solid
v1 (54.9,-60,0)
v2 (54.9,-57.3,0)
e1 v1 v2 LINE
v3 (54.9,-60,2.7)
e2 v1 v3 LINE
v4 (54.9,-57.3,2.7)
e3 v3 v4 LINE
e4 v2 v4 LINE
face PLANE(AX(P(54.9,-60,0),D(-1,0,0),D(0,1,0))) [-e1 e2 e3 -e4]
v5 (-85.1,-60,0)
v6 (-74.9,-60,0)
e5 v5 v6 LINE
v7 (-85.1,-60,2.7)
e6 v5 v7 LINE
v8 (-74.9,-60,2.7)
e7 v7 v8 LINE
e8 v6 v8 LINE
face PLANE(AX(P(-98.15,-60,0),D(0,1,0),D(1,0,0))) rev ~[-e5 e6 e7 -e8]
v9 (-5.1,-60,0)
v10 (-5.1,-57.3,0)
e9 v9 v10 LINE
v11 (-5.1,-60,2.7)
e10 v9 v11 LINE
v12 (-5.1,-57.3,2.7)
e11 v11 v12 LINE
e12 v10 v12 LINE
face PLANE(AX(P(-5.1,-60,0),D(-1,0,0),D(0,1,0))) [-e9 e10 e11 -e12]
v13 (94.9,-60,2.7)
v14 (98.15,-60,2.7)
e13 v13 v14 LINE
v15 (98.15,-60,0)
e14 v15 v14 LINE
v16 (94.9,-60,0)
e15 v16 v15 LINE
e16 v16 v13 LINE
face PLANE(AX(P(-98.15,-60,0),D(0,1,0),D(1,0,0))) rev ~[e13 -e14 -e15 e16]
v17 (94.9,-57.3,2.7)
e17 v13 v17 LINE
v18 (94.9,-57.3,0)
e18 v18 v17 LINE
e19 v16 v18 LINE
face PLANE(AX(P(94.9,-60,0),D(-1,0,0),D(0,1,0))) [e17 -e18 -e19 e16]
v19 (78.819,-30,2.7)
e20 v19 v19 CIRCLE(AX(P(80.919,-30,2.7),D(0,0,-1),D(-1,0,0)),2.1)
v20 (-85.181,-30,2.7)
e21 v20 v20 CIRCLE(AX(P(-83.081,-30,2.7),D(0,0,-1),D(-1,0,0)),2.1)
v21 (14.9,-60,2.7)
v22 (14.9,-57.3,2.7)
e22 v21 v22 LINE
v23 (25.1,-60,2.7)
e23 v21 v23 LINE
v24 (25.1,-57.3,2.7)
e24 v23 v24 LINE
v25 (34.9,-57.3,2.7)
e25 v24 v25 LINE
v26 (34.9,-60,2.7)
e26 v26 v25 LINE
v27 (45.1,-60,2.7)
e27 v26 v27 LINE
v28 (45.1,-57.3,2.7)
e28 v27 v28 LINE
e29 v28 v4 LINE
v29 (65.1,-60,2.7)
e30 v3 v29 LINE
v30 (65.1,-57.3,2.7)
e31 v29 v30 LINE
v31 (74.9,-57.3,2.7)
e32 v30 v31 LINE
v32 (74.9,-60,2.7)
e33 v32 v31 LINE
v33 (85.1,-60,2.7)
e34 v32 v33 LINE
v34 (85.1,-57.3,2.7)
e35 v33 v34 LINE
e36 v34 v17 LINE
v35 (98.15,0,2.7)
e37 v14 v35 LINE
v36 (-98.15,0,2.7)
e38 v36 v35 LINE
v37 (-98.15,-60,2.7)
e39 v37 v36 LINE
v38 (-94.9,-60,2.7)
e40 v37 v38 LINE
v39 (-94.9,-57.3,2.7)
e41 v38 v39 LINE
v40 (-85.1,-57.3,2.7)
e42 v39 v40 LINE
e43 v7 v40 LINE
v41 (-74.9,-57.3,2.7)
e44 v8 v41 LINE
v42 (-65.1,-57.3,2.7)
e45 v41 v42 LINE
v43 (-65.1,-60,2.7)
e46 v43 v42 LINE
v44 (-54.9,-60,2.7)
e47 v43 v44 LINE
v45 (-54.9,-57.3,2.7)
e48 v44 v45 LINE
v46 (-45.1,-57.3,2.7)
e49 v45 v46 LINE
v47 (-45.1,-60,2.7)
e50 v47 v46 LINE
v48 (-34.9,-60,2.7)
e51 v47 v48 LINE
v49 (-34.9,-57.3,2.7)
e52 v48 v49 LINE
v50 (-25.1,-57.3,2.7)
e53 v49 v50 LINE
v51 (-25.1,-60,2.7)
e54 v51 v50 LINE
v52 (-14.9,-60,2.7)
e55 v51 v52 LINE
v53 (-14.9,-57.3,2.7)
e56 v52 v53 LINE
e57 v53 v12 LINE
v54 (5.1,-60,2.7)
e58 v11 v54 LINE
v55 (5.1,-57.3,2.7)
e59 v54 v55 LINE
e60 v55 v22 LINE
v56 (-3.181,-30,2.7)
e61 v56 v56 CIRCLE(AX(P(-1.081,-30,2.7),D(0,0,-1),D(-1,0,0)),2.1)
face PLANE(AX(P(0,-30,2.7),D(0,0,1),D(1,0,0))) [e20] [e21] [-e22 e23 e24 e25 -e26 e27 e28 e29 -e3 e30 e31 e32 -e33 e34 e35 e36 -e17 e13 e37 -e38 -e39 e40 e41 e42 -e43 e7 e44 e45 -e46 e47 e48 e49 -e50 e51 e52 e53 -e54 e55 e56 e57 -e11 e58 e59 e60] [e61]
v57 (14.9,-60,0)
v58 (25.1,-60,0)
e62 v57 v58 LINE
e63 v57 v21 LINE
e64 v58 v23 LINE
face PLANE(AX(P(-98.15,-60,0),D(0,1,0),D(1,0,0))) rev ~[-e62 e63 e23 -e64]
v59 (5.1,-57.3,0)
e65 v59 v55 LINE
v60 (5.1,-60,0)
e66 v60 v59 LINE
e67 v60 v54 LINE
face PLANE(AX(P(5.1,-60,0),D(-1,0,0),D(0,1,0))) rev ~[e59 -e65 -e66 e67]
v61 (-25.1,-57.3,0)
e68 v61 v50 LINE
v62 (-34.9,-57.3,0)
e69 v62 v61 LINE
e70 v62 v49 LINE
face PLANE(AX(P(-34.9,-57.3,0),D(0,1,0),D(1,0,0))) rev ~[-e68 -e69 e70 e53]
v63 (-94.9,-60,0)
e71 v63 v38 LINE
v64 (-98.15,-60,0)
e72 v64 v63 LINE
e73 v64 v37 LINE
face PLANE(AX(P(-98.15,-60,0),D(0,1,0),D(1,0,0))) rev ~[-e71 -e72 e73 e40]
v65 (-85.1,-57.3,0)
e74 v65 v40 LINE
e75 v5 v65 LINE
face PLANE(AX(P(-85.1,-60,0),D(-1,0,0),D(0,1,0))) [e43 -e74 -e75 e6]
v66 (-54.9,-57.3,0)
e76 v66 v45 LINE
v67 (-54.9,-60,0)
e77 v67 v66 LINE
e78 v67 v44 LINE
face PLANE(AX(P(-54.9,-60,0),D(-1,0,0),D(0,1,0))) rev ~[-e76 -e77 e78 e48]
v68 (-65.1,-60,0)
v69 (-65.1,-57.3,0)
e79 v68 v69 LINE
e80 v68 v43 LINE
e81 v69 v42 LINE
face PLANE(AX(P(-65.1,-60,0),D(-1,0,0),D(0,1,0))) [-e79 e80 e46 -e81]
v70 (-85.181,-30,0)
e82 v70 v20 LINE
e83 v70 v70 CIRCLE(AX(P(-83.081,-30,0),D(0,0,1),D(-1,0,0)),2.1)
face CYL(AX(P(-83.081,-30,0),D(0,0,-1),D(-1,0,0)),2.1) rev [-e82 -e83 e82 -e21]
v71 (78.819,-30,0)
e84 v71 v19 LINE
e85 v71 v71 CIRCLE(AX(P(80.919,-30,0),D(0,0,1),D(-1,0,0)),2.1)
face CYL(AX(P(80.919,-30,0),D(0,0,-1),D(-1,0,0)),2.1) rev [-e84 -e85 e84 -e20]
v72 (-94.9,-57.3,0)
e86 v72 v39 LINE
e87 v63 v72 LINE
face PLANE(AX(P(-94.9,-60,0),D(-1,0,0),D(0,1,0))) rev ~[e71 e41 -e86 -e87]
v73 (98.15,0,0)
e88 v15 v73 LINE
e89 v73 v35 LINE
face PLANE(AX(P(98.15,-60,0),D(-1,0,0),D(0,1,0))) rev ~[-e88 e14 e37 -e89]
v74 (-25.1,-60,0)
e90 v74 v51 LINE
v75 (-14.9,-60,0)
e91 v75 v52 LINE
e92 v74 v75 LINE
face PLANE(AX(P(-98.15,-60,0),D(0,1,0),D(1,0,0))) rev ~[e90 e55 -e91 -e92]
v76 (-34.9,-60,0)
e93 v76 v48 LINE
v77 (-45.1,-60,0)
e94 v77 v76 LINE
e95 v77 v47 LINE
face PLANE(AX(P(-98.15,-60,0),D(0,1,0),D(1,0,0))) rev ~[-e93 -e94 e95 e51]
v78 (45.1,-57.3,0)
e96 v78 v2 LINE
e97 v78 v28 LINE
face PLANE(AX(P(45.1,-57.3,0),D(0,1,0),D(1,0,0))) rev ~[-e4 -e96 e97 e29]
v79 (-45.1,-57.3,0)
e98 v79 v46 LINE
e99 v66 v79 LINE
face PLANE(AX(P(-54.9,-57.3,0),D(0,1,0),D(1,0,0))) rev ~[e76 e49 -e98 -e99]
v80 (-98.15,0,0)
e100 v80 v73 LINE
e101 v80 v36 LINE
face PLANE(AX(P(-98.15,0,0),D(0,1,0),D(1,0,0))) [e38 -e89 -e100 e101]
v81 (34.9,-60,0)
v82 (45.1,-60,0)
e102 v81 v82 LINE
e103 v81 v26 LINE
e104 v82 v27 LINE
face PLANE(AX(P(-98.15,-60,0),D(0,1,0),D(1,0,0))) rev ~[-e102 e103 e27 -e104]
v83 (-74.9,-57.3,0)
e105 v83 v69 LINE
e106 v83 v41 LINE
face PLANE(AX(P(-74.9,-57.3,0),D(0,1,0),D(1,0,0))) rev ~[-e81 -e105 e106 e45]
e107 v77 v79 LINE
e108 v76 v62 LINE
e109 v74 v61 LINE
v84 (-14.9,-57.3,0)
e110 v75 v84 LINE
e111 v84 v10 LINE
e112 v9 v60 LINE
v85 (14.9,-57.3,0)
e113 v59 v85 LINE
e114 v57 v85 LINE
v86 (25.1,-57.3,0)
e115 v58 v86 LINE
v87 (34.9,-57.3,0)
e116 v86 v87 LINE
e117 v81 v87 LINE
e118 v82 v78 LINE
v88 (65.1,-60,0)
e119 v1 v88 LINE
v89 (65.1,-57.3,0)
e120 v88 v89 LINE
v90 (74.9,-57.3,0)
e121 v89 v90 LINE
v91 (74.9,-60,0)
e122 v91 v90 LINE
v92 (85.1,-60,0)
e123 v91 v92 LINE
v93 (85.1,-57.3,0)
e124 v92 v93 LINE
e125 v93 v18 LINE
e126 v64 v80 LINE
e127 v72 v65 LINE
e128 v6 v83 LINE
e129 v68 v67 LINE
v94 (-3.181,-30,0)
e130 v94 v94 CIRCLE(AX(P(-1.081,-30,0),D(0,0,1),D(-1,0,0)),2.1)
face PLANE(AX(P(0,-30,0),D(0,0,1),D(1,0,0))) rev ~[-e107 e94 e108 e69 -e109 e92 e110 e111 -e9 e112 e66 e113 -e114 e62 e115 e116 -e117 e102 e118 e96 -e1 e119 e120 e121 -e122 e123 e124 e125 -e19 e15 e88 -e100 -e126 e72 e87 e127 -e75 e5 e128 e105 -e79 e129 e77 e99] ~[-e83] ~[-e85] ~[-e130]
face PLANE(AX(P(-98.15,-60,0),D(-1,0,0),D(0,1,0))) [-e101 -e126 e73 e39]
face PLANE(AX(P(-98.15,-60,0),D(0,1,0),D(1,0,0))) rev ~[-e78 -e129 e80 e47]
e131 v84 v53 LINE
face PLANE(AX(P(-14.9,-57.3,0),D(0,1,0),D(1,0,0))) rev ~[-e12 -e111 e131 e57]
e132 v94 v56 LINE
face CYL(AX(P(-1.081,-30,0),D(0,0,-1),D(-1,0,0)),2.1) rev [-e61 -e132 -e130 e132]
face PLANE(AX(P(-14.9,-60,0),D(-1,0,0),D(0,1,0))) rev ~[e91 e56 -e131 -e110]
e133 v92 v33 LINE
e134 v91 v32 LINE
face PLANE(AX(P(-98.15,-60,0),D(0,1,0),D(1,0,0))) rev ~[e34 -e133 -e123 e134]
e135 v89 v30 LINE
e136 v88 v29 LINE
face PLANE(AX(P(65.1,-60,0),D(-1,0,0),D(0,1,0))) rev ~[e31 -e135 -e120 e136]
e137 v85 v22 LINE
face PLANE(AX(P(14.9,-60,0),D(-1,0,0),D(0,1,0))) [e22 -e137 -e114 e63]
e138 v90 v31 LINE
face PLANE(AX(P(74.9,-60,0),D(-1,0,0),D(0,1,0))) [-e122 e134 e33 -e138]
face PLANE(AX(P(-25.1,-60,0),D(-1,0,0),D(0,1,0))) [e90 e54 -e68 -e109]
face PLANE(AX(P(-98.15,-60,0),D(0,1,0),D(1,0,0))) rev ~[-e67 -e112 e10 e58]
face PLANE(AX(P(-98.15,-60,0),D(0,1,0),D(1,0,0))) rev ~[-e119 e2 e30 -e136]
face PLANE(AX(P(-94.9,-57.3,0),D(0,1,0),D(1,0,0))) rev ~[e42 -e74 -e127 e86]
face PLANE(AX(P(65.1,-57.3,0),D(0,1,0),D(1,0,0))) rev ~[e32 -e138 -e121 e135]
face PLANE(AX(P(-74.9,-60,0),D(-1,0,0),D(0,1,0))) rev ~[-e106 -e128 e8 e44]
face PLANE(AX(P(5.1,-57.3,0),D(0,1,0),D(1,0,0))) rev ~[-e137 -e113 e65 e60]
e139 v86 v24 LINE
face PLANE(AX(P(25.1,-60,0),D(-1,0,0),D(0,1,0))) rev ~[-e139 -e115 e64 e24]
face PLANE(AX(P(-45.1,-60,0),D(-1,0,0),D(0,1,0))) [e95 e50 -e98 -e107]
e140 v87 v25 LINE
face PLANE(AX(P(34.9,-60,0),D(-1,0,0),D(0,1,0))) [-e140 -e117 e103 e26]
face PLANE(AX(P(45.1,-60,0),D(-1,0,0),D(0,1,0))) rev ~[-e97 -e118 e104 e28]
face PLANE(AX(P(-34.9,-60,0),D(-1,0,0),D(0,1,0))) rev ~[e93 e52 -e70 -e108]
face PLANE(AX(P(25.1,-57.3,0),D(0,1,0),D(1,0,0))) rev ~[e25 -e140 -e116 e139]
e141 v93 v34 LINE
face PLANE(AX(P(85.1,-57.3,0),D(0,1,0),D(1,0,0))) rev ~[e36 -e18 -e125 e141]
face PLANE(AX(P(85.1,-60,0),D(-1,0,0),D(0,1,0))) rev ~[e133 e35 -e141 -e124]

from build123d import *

# Parameters (mm, degrees)
ESQUISSE1_W                    = 196.3
ESQUISSE1_H                    = 60
BOSS_EXTRU_1_DEPTH             = 2.7
ESQUISSE3_W                    = 9.8
ESQUISSE3_H                    = 2.7
ENL_V_MAT_EXTRU_1_DEPTH        = 2.7
R_P_TITION_LIN_AIRE2_COUNT     = 5
R_P_TITION_LIN_AIRE2_PITCH     = 20
R_P_TITION_LIN_AIRE2_COL_COUNT = 6
R_P_TITION_LIN_AIRE2_COL_PITCH = 20
ESQUISSE5_R                    = 2.1
ENL_V_MAT_EXTRU_3_DEPTH        = 10


with BuildPart() as part:
    # Esquisse1 → Boss.-Extru.1 (new body)
    with BuildSketch(Plane.XY):
        with Locations((0, -30)):
            Rectangle(ESQUISSE1_W, ESQUISSE1_H)
    extrude(amount=BOSS_EXTRU_1_DEPTH)

    # Esquisse3 → Enlèv. mat.-Extru.1 (cut)
    with BuildSketch(Plane.XY):
        with Locations((10, -58.65)):
            Rectangle(ESQUISSE3_W, ESQUISSE3_H)
    enl_v_mat_extru_1 = extrude(amount=ENL_V_MAT_EXTRU_1_DEPTH, mode=Mode.SUBTRACT)

    # Répétition linéaire2: Enlèv. mat.-Extru.1 ×5
    with Locations(*[(i * R_P_TITION_LIN_AIRE2_PITCH, 0, 0) for i in range(1, R_P_TITION_LIN_AIRE2_COUNT)]):
        add(enl_v_mat_extru_1, mode=Mode.SUBTRACT)

    # Répétition linéaire2 col: Enlèv. mat.-Extru.1 ×6
    with Locations(*[(-i * R_P_TITION_LIN_AIRE2_COL_PITCH, 0, 0) for i in range(1, R_P_TITION_LIN_AIRE2_COL_COUNT)]):
        add(enl_v_mat_extru_1, mode=Mode.SUBTRACT)

    # Esquisse5 → Enlèv. mat.-Extru.3 (cut)
    with BuildSketch(Plane.XY):
        with Locations((-83.081, -30)):
            Circle(ESQUISSE5_R)
        with Locations((-1.081, -30)):
            Circle(ESQUISSE5_R)
        with Locations((80.919, -30)):
            Circle(ESQUISSE5_R)
    extrude(amount=ENL_V_MAT_EXTRU_3_DEPTH, mode=Mode.SUBTRACT)


solid = part.part
